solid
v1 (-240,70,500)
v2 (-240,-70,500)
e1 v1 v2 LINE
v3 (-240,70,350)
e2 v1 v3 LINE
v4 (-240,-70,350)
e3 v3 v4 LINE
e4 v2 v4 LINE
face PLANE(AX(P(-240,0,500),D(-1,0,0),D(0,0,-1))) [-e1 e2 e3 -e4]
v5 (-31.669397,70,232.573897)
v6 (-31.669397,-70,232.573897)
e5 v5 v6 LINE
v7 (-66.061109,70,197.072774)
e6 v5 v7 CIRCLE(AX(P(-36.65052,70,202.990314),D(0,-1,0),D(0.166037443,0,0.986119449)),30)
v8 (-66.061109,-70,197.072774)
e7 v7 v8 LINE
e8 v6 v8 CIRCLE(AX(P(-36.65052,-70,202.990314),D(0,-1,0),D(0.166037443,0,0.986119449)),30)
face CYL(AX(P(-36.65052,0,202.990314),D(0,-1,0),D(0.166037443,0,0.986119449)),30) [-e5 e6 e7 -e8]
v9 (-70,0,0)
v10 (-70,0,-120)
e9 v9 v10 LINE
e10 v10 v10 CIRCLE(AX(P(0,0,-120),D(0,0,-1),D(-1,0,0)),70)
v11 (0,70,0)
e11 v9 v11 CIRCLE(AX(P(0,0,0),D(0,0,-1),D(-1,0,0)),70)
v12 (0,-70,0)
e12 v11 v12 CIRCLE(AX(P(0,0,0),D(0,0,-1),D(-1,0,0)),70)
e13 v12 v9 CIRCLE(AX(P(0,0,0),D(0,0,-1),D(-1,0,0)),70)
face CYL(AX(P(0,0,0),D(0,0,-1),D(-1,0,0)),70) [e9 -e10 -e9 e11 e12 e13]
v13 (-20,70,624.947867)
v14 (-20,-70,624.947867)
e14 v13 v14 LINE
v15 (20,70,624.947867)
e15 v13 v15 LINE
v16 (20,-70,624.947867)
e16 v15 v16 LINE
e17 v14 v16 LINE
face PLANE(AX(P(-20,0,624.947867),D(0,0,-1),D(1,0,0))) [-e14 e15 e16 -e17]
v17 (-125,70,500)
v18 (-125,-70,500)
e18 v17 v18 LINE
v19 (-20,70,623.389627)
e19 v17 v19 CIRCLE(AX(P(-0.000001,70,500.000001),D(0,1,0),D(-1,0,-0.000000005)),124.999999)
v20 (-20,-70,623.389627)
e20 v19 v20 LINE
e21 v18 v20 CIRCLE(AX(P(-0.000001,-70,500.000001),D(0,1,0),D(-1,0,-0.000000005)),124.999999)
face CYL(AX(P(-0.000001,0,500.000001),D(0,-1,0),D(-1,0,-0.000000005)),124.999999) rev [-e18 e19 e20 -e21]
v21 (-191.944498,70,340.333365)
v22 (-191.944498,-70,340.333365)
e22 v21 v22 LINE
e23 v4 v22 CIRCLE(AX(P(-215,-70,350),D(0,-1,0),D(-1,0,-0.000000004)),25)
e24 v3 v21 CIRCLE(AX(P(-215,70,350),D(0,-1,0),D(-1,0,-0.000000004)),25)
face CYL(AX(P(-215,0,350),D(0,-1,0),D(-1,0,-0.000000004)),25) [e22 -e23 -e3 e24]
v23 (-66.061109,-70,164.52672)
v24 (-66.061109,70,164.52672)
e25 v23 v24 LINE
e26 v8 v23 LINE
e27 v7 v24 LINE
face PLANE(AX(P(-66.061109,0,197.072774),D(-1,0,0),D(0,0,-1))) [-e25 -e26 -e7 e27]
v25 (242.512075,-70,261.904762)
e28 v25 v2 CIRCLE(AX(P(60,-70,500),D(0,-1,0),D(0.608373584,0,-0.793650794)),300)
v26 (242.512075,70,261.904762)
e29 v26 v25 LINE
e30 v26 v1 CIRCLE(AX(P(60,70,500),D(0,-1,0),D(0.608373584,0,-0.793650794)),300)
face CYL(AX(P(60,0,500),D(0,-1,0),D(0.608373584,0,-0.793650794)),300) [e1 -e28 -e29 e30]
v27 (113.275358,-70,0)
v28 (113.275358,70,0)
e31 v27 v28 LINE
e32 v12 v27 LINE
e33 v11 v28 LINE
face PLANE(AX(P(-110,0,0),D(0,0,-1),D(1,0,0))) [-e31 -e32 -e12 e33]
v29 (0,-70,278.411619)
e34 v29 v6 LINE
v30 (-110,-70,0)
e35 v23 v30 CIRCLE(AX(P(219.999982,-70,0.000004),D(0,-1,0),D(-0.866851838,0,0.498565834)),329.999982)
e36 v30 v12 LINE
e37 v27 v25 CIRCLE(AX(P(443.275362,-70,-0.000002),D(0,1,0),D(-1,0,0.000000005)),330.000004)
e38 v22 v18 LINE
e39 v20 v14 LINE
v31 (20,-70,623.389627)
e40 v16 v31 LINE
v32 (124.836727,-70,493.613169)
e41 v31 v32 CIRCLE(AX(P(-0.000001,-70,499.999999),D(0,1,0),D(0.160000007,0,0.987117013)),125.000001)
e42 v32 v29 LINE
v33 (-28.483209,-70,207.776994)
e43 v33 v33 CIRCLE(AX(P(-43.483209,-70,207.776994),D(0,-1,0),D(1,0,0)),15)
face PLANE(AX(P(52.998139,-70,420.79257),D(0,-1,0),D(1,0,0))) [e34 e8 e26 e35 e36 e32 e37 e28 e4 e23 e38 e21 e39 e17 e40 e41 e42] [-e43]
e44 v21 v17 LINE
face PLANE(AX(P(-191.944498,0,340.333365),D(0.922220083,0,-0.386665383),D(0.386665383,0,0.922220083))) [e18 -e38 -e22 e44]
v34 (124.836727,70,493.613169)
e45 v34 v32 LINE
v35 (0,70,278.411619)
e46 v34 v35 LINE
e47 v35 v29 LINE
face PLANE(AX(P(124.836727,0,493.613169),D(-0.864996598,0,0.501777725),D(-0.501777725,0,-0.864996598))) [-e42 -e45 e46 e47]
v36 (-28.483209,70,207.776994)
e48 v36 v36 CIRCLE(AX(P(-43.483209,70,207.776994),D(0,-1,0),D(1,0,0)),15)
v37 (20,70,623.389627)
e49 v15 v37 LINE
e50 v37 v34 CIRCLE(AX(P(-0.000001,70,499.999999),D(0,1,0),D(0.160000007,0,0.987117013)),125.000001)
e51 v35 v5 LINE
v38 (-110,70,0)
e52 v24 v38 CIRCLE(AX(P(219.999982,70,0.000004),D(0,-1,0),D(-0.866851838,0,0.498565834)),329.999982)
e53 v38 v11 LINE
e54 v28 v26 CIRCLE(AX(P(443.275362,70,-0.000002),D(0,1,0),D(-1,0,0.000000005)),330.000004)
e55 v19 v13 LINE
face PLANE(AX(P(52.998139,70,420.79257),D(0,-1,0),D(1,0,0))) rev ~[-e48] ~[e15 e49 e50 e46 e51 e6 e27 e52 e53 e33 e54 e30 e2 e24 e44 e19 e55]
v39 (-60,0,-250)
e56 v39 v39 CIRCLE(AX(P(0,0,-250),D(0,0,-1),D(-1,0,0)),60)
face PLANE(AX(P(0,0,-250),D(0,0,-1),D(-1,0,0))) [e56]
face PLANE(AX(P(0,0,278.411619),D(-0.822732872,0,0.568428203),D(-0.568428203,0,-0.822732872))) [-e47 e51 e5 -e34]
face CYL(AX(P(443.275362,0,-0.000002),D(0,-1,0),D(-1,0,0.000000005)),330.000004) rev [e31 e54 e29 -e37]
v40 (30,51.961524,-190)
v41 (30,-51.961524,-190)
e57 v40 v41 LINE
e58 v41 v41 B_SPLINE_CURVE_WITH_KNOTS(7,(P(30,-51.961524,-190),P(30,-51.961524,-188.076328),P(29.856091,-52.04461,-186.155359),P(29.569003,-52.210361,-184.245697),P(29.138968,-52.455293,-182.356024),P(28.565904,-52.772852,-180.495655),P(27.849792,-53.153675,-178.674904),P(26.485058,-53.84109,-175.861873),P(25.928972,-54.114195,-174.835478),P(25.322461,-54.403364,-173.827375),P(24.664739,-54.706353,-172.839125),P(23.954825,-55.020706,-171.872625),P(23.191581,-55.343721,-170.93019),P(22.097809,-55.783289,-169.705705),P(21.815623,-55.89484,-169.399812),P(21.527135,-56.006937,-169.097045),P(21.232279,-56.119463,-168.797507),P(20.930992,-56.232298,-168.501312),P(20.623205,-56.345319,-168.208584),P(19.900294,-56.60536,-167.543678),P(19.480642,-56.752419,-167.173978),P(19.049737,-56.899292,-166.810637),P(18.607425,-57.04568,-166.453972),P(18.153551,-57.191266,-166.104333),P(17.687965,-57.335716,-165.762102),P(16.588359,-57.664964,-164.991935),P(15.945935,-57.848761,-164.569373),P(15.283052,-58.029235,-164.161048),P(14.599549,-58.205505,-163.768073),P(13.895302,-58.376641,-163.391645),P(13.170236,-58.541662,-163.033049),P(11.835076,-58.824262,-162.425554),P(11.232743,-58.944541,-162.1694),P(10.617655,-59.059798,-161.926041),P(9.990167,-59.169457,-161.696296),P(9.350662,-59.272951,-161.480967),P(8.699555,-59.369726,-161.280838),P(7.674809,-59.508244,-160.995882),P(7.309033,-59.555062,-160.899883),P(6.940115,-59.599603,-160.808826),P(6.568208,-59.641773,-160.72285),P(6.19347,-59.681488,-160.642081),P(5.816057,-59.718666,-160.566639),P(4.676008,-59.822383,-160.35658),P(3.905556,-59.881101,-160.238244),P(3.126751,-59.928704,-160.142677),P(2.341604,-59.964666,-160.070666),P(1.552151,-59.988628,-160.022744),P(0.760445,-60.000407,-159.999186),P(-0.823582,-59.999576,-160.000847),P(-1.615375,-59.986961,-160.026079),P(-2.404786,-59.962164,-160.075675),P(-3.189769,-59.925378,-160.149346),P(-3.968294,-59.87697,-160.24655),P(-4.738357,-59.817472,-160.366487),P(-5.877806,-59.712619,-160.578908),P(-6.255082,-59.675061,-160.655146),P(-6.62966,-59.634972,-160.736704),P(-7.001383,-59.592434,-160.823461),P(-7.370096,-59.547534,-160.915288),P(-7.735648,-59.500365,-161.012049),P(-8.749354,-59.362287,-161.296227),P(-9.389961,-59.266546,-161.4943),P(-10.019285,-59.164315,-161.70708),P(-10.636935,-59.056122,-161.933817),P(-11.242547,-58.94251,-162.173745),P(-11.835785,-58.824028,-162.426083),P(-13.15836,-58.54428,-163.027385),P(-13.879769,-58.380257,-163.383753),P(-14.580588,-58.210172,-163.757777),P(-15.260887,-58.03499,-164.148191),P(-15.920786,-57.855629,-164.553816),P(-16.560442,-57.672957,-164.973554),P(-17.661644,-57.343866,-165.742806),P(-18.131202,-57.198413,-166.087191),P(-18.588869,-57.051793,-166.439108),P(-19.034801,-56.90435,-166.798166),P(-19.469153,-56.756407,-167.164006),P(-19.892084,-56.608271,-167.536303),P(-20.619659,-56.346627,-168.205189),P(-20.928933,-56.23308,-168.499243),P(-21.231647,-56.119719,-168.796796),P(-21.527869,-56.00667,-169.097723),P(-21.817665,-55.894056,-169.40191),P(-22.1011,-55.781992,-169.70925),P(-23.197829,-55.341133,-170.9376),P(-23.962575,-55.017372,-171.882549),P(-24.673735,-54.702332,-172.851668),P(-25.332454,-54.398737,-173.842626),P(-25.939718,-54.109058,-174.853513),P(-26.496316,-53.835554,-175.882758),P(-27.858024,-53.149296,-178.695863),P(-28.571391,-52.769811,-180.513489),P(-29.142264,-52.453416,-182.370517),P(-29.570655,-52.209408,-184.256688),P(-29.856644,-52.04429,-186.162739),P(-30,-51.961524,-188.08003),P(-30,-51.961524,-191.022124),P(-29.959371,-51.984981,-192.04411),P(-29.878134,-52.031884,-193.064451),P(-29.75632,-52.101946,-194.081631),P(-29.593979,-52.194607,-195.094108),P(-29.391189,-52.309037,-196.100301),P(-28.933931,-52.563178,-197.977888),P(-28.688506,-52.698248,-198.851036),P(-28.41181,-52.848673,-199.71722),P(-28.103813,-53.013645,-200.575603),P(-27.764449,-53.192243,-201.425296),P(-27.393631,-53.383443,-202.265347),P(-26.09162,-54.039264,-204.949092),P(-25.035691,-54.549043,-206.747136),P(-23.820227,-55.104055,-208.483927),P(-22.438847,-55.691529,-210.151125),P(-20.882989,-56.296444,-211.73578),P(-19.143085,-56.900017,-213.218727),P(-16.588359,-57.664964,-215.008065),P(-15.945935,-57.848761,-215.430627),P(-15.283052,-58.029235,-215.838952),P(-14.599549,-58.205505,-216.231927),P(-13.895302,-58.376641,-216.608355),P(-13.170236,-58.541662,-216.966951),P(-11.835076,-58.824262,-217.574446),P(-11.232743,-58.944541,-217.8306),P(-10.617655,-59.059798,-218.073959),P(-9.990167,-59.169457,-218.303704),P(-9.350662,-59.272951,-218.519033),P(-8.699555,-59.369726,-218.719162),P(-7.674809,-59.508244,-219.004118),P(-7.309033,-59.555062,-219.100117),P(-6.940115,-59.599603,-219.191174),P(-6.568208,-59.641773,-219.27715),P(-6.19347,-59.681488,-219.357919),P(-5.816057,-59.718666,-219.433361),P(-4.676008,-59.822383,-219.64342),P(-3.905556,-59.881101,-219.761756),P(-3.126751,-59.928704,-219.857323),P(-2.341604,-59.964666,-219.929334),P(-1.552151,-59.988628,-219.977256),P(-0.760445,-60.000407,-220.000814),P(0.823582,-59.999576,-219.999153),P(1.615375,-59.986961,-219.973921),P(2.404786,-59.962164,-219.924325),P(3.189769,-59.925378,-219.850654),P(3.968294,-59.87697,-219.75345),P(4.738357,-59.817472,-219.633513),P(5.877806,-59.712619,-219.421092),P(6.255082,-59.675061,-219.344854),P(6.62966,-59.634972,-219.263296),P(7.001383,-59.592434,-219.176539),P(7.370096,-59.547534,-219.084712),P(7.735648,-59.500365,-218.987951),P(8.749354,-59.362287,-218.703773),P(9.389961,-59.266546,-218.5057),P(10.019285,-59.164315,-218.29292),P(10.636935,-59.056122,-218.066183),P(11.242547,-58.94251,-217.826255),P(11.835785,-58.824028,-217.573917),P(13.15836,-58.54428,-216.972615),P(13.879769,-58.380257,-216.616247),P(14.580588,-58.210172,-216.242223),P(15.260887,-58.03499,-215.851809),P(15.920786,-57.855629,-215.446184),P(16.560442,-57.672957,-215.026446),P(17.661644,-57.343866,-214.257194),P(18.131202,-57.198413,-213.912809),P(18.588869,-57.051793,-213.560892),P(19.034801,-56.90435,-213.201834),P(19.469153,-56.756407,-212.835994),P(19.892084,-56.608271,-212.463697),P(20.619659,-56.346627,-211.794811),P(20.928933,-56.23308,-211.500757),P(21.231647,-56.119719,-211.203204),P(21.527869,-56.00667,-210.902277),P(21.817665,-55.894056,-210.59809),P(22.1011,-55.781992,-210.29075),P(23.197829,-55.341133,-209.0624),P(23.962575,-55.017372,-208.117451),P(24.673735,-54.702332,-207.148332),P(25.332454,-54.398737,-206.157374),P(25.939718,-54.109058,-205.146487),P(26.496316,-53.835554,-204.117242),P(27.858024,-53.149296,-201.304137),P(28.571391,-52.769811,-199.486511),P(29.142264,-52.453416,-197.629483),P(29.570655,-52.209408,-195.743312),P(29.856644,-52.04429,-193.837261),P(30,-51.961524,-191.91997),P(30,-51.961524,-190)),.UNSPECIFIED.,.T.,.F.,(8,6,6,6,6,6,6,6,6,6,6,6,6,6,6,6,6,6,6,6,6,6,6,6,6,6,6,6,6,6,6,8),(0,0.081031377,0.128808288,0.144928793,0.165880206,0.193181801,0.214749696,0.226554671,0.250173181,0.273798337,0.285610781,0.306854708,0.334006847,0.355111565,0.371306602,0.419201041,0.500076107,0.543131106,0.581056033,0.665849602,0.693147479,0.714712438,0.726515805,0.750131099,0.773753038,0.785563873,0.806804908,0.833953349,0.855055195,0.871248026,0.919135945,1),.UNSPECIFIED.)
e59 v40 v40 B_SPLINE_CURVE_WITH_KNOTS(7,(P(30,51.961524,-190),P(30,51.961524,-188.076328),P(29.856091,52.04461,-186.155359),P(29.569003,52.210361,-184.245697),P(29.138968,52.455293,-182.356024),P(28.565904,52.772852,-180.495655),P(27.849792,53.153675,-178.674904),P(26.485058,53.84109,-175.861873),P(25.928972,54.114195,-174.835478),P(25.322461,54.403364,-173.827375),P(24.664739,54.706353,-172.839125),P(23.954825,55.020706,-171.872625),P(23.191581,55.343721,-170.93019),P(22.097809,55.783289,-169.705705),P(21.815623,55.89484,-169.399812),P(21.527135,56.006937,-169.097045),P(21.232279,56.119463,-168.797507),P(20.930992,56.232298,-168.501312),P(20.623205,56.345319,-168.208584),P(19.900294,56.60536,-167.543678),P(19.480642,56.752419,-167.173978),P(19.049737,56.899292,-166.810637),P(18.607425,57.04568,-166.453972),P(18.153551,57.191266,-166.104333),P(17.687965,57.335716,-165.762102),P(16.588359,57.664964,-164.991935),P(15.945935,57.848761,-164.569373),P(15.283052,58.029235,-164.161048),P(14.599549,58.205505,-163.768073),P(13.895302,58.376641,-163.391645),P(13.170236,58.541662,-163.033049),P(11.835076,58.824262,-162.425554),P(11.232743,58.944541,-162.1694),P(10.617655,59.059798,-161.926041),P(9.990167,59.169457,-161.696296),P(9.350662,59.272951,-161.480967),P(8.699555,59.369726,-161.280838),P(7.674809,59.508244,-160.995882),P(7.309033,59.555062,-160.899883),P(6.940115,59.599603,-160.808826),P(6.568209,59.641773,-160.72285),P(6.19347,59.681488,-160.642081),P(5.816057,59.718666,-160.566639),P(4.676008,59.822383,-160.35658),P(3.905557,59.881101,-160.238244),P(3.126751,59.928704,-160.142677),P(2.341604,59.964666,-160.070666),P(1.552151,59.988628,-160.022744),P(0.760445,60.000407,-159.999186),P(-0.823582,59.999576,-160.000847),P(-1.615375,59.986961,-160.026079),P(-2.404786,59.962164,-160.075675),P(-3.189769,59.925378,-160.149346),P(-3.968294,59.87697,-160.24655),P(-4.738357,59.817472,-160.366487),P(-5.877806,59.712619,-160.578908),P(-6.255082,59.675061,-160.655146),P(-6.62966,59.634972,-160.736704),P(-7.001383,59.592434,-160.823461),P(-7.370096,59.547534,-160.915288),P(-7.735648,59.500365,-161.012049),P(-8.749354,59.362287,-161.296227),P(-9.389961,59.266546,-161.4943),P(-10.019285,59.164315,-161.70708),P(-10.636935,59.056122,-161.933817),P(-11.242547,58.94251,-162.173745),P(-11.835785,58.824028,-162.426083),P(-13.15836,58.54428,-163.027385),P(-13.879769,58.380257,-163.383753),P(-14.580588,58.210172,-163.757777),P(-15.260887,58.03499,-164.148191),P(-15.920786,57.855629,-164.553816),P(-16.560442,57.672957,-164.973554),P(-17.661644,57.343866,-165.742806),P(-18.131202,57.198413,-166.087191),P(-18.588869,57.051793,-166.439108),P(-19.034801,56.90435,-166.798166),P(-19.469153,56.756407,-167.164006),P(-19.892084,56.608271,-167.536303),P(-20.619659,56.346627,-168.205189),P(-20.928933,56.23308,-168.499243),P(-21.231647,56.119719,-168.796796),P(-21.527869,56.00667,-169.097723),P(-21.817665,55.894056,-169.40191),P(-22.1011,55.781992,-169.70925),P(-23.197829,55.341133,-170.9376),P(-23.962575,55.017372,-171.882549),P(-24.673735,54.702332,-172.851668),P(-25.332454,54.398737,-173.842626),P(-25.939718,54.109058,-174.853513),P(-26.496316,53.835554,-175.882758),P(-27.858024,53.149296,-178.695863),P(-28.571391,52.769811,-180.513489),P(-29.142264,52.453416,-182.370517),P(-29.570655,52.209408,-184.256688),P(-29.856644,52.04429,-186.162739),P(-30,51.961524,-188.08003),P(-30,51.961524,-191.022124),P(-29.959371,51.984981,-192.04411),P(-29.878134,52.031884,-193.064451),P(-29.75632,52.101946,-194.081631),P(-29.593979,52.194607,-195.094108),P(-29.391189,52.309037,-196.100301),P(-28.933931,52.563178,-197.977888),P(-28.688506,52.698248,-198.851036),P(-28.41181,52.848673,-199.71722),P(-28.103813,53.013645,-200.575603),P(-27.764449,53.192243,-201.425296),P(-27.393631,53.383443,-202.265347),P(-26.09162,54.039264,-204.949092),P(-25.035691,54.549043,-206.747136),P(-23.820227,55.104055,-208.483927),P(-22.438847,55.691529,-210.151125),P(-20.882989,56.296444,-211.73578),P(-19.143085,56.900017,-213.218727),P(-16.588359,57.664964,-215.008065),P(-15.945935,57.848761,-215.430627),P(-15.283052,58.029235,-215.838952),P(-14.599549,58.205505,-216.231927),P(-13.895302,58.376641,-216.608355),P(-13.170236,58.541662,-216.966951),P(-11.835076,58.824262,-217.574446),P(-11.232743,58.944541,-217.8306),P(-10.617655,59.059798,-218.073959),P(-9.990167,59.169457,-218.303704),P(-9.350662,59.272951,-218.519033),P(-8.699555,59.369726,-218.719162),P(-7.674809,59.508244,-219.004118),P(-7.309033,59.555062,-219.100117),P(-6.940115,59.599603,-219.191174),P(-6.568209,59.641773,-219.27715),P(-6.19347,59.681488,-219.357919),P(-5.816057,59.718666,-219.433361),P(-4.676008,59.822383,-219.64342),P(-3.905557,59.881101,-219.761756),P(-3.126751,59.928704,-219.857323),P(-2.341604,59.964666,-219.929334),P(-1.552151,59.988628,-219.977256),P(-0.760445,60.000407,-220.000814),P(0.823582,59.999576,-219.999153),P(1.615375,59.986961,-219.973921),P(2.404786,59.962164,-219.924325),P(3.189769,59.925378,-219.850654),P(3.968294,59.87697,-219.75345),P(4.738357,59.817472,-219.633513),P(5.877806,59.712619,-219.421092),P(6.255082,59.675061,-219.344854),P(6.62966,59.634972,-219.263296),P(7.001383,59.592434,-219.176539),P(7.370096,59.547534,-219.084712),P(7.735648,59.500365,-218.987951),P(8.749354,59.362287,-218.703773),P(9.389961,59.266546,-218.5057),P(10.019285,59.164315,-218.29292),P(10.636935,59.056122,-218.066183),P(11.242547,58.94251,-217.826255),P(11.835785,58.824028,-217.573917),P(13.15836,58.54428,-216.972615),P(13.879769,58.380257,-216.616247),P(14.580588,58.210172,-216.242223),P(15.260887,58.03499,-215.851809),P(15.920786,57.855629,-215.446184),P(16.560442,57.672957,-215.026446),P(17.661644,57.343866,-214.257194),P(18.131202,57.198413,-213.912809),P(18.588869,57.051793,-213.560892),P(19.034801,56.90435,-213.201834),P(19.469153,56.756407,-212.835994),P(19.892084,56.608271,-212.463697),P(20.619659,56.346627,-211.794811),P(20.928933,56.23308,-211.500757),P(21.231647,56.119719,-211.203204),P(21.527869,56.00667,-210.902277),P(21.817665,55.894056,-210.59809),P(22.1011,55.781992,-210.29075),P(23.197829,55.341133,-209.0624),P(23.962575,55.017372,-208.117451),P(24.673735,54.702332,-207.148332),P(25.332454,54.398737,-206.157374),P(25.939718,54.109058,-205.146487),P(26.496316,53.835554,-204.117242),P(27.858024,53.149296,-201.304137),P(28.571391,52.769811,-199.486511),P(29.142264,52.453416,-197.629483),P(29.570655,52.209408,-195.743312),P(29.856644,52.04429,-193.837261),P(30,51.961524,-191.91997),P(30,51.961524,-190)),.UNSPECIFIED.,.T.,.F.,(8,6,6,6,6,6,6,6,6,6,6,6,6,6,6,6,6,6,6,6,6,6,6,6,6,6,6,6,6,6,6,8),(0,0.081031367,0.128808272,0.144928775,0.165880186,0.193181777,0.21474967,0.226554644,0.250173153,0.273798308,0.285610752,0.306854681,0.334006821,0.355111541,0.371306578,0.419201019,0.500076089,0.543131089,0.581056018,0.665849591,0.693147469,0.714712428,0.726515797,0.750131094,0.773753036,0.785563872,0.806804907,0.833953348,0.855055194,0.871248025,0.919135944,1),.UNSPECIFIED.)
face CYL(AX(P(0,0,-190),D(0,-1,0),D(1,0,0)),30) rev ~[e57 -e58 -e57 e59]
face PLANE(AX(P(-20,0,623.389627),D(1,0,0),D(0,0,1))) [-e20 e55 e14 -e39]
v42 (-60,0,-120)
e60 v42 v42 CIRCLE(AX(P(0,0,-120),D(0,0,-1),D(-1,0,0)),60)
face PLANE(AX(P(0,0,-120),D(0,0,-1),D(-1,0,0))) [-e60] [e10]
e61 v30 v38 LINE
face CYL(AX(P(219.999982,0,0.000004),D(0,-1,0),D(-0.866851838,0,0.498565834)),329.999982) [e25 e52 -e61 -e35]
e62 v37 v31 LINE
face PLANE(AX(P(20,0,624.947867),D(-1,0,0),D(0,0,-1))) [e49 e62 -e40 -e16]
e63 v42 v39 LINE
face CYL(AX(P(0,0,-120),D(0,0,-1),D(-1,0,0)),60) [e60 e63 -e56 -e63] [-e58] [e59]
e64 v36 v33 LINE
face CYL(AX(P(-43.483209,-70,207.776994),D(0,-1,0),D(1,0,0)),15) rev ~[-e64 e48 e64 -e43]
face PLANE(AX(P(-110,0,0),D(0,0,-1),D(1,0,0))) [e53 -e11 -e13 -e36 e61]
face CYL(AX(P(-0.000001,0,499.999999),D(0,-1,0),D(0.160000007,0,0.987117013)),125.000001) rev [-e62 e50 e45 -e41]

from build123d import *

# Parameters (mm, degrees)
F3_DEPTH = 70
F4_R     = 30
F5_DEPTH = 112
F6_R     = 15
F7_DEPTH = 163


with BuildPart() as f2:
    # F1 (on Front) → F2 (revolve)
    with BuildSketch(Plane.XZ):
        Polygon((-60, -120), (-60, -250), (0, -250), (0, 0), (-70, 0), (-70, -120), align=None)
    revolve(axis=Axis((0, 0, -125), (0, 0, -1)))

    # F0 (on Front) → F3 (join, symmetric)
    with BuildSketch(Plane.XZ):
        with BuildLine():
            ThreePointArc((113.275358, 0), (147.343032, 146.027594), (242.512075, 261.904762))
            ThreePointArc((242.512075, 261.904762), (192.752359, 769.029387), (-240, 500))
            Line((-240, 500), (-125, 500))
            ThreePointArc((-125, 500), (-95.197164, 581.009259), (-20, 623.389627))
            Line((-20, 623.389627), (-20, 624.947867))
            Line((-20, 624.947867), (20, 624.947867))
            Line((20, 624.947867), (20, 623.389627))
            ThreePointArc((20, 623.389627), (97.236318, 578.549974), (124.836727, 493.613169))
            Line((124.836727, 493.613169), (0, 278.411619))
            Line((0, 278.411619), (-31.669397, 232.573897))
            ThreePointArc((-31.669397, 232.573897), (-58.197727, 223.86417), (-66.061109, 197.072774))
            Line((-66.061109, 197.072774), (-66.061109, 164.52672))
            ThreePointArc((-66.061109, 164.52672), (-98.826102, 85.146444), (-110, 0))
            Line((-110, 0), (113.275358, 0))
        make_face()
        with BuildLine():
            Line((-125, 500), (-240, 500))
            Line((-240, 500), (-240, 350))
            ThreePointArc((-240, 350), (-219.930134, 325.490945), (-191.944498, 340.333365))
            Line((-191.944498, 340.333365), (-125, 500))
        make_face()
    extrude(amount=F3_DEPTH, both=True)

    # F4 (on Front) → F5 (cut, symmetric)
    with BuildSketch(Plane.XZ):
        with Locations((0, -190)):
            Circle(F4_R)
    extrude(amount=F5_DEPTH, both=True, mode=Mode.SUBTRACT)

    # F6 (on face) → F7 (cut, symmetric)
    with BuildSketch(Plane.XZ.offset(70)):
        with Locations((-43.483209, 207.776994)):
            Circle(F6_R)
    extrude(amount=F7_DEPTH, both=True, mode=Mode.SUBTRACT)


solid = f2.part
